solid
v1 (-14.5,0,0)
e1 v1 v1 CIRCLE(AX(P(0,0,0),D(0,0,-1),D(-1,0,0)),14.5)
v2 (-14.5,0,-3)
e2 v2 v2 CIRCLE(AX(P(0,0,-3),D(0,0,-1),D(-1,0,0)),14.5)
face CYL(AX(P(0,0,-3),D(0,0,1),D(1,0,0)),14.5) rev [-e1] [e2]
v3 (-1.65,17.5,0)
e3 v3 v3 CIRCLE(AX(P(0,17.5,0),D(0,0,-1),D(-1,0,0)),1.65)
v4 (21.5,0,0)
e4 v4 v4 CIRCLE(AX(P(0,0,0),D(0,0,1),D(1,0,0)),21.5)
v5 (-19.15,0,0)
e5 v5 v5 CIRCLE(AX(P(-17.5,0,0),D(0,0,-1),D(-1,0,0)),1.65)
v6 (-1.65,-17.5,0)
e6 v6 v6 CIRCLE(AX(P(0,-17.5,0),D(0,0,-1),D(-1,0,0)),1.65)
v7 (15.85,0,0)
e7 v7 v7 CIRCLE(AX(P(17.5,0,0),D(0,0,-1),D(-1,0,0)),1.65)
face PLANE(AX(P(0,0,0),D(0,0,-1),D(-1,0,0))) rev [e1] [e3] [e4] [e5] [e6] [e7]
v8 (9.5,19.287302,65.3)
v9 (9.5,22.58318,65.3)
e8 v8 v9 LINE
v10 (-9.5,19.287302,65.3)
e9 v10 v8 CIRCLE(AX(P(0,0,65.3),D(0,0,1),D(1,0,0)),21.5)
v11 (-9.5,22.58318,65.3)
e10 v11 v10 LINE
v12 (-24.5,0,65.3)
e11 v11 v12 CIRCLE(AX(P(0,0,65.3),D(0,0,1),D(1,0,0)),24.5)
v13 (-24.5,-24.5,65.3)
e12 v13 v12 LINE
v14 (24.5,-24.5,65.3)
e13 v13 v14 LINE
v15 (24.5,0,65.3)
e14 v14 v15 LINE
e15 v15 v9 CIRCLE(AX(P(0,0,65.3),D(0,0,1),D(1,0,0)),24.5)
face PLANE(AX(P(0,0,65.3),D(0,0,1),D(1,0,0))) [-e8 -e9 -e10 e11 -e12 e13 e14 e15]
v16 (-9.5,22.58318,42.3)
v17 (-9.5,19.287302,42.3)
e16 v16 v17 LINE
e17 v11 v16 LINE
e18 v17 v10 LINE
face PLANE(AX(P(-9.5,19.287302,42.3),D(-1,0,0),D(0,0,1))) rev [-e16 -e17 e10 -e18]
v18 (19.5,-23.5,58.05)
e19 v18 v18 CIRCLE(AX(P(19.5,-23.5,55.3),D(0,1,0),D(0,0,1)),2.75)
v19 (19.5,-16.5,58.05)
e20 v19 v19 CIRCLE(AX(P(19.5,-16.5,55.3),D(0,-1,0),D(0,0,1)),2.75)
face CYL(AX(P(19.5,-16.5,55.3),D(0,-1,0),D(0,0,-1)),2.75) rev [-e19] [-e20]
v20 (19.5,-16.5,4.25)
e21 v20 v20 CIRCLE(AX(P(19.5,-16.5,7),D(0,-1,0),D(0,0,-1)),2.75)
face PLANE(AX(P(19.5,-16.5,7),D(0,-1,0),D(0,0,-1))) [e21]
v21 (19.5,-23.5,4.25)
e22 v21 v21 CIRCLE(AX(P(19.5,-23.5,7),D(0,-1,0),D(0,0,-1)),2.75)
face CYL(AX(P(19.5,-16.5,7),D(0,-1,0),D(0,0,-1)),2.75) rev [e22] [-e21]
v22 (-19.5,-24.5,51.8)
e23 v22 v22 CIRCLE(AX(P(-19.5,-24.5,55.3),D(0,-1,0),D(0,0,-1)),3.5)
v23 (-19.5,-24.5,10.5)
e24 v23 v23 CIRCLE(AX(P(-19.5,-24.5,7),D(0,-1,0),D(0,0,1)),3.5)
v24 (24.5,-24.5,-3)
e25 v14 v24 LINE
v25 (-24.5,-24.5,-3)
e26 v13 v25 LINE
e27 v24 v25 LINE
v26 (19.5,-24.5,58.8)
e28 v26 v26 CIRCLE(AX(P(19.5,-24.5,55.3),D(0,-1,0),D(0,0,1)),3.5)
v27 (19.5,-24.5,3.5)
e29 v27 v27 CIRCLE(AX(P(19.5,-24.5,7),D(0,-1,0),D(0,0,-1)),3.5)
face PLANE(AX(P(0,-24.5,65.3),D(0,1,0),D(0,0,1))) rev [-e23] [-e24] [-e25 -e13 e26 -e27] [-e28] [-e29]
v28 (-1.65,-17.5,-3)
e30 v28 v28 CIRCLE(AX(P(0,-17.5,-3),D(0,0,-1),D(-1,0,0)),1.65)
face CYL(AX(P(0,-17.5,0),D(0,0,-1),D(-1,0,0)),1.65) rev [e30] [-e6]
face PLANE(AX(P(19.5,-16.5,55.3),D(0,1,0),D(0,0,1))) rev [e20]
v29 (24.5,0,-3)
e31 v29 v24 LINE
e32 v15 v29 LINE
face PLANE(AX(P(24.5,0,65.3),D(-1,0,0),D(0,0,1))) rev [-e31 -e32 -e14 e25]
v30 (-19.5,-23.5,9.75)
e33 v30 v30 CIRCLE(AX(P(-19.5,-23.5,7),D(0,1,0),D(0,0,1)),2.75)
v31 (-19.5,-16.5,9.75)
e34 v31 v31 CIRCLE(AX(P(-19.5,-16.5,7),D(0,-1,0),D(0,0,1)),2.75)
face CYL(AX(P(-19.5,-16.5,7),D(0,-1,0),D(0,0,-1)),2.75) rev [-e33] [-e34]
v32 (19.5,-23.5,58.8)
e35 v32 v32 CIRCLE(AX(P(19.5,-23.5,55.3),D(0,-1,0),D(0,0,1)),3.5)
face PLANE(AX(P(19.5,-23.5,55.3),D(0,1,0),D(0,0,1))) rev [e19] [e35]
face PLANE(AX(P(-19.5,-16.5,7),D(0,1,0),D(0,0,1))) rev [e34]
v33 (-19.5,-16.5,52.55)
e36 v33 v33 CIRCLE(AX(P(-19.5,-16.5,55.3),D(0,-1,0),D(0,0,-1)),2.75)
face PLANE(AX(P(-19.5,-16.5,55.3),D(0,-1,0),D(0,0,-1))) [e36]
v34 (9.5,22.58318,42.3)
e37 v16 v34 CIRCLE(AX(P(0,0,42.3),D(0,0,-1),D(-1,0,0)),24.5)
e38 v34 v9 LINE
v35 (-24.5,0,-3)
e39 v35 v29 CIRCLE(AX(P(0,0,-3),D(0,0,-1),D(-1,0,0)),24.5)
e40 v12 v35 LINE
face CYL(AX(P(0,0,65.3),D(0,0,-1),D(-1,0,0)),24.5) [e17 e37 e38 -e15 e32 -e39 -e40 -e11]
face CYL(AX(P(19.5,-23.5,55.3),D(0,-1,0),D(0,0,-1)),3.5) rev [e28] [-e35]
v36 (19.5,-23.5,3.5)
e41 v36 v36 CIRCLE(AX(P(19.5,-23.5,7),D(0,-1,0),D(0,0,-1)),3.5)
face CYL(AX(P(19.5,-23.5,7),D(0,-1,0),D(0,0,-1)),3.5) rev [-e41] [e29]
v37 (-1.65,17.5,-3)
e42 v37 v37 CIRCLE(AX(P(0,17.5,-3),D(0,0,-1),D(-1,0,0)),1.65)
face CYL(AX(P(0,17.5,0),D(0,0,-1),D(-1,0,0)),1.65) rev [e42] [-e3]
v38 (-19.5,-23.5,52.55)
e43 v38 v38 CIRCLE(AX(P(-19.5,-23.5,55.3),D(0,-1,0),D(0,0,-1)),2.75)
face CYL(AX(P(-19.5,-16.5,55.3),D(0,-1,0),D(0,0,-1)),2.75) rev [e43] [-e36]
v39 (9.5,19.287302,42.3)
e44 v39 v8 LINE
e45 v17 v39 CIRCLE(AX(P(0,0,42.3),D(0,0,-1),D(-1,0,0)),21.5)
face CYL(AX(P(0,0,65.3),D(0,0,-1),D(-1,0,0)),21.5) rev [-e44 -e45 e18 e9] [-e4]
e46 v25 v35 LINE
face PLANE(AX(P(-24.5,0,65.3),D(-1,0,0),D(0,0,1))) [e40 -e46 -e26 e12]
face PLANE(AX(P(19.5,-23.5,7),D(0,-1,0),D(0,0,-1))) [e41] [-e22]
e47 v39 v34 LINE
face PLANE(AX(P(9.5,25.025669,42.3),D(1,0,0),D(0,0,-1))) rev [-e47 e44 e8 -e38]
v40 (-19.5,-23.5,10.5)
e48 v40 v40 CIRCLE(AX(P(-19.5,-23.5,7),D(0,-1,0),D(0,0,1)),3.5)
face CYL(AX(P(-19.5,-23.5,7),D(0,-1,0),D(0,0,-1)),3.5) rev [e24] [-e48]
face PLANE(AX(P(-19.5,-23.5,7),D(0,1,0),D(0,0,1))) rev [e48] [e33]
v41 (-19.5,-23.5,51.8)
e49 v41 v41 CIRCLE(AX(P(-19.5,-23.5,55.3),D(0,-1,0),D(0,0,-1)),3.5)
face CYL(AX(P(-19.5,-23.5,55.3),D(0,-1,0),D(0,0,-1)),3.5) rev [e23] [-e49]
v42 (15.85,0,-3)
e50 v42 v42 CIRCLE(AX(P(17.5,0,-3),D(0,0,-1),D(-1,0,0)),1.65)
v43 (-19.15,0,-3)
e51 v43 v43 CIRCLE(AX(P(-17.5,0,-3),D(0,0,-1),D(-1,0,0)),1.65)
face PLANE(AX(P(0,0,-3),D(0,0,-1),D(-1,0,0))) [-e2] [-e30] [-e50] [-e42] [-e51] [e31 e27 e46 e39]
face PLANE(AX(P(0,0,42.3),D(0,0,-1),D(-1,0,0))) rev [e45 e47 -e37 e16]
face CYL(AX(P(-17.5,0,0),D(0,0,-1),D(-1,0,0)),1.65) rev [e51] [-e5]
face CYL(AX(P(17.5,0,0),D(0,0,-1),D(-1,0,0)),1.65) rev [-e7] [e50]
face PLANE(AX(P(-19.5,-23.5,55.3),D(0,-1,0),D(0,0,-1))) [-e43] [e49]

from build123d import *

# Parameters (mm, degrees)
ESQUISSE1_R             = 24.5
ESQUISSE1_R_2           = 21.5
BOSS_EXTRU_1_DEPTH      = 65.3
ESQUISSE2_R             = 21.5
ESQUISSE2_R_2           = 14.5
BOSS_EXTRU_2_DEPTH      = 3
ESQUISSE3_R             = 1.65
ENL_V_MAT_EXTRU_1_DEPTH = 3
ESQUISSE4_W             = 19
ESQUISSE4_H             = 5.738367338
ENL_V_MAT_EXTRU_2_DEPTH = 23
ESQUISSE5_W             = 68.3
ESQUISSE5_H             = 3
BOSS_EXTRU_3_DEPTH      = 17
ESQUISSE6_W             = 68.3
ESQUISSE6_H             = 3
BOSS_EXTRU_4_DEPTH      = 17
ESQUISSE7_R             = 2
ENL_V_MAT_EXTRU_3_DEPTH = 10
ESQUISSE9_R             = 2
ENL_V_MAT_EXTRU_4_DEPTH = 10
ESQUISSE10_R            = 3.5
ENL_V_MAT_EXTRU_5_DEPTH = 1
ESQUISSE11_R            = 2.75
ENL_V_MAT_EXTRU_6_DEPTH = 8
ESQUISSE12_W            = 17
ESQUISSE12_H            = 3
ENL_V_MAT_EXTRU_7_DEPTH = 74


with BuildPart() as part:
    # Esquisse1 → Boss.-Extru.1 (new body)
    with BuildSketch(Plane.XY):
        Circle(ESQUISSE1_R)
        Circle(ESQUISSE1_R_2, mode=Mode.SUBTRACT)
        with BuildLine():
            Line((-24.5, 0), (-24.5, -24.5))
            Line((-24.5, -24.5), (-6e-09, -24.5))
            ThreePointArc((-6e-09, -24.5), (-17.324116141, -17.324116137), (-24.5, 0))
        make_face()
        with BuildLine():
            ThreePointArc((24.5, 0), (17.324116137, -17.324116141), (-6e-09, -24.5))
            Line((-6e-09, -24.5), (24.5, -24.5))
            Line((24.5, -24.5), (24.5, 0))
        make_face()
    extrude(amount=BOSS_EXTRU_1_DEPTH)

    # Esquisse2 → Boss.-Extru.2 (add)
    with BuildSketch(Plane(origin=(0, 0, 0), x_dir=(-1, 0, 0), z_dir=(0, 0, -1))):
        with BuildLine():
            ThreePointArc((24.5, 0), (0, 24.5), (-24.5, 0))
            ThreePointArc((-24.5, 0), (-17.324116141, -17.324116137), (-6e-09, -24.5))
            ThreePointArc((-6e-09, -24.5), (17.324116137, -17.324116141), (24.5, 0))
        make_face()
        with Locations(Location((0, 0, 0), (0, 0, 180))):
            Circle(ESQUISSE2_R, mode=Mode.SUBTRACT)
        with Locations(Location((0, 0, 0), (0, 0, 180))):
            Circle(ESQUISSE2_R)
        Circle(ESQUISSE2_R_2, mode=Mode.SUBTRACT)
        with BuildLine():
            ThreePointArc((-6e-09, -24.5), (-17.324116141, -17.324116137), (-24.5, 0))
            Line((-24.5, 0), (-24.5, -24.5))
            Line((-24.5, -24.5), (-6e-09, -24.5))
        make_face()
        with BuildLine():
            Line((24.5, -24.5), (24.5, 0))
            ThreePointArc((24.5, 0), (17.324116137, -17.324116141), (-6e-09, -24.5))
            Line((-6e-09, -24.5), (24.5, -24.5))
        make_face()
    extrude(amount=BOSS_EXTRU_2_DEPTH)

    # Esquisse3 → Enlèv. mat.-Extru.1 (cut)
    with BuildSketch(Plane(origin=(0, 0, -3), x_dir=(-1, 0, 0), z_dir=(0, 0, -1))):
        with Locations((-17.5, 0)):
            Circle(ESQUISSE3_R)
        with Locations((17.5, 0)):
            Circle(ESQUISSE3_R)
        with Locations((0, 17.5)):
            Circle(ESQUISSE3_R)
        with Locations((0, -17.5)):
            Circle(ESQUISSE3_R)
    extrude(amount=-ENL_V_MAT_EXTRU_1_DEPTH, mode=Mode.SUBTRACT)

    # Esquisse4 → Enlèv. mat.-Extru.2 (cut)
    with BuildSketch(Plane.XY.offset(65.3)):
        with Locations((0, 22.156485191)):
            Rectangle(ESQUISSE4_W, ESQUISSE4_H)
    extrude(amount=-ENL_V_MAT_EXTRU_2_DEPTH, mode=Mode.SUBTRACT)

    # Esquisse5 → Boss.-Extru.3 (add)
    with BuildSketch(Plane.ZY.offset(24.5)):
        with Locations((31.15, -23)):
            Rectangle(ESQUISSE5_W, ESQUISSE5_H)
    extrude(amount=BOSS_EXTRU_3_DEPTH)

    # Esquisse6 → Boss.-Extru.4 (add)
    with BuildSketch(Plane(origin=(24.5, 0, 0), x_dir=(0, 0, -1), z_dir=(1, 0, 0))):
        with Locations((-31.15, -23)):
            Rectangle(ESQUISSE6_W, ESQUISSE6_H)
    extrude(amount=BOSS_EXTRU_4_DEPTH)

    # Esquisse7 → Enlèv. mat.-Extru.3 (cut)
    with BuildSketch(Plane(origin=(0, -21.5, 0), x_dir=(1, 0, 0), z_dir=(0, 1, 0))):
        with Locations(Location((-33, -7, 0), (0, 0, 270))):
            Circle(ESQUISSE7_R)
        with Locations(Location((-33, -55.3, 0), (0, 0, 270))):
            Circle(ESQUISSE7_R)
    extrude(amount=-ENL_V_MAT_EXTRU_3_DEPTH, mode=Mode.SUBTRACT)

    # Esquisse9 → Enlèv. mat.-Extru.4 (cut)
    with BuildSketch(Plane(origin=(0, -21.5, 0), x_dir=(1, 0, 0), z_dir=(0, 1, 0))):
        with Locations(Location((33, -7, 0), (0, 0, 270))):
            Circle(ESQUISSE9_R)
        with Locations(Location((33, -55.3, 0), (0, 0, 270))):
            Circle(ESQUISSE9_R)
    extrude(amount=-ENL_V_MAT_EXTRU_4_DEPTH, mode=Mode.SUBTRACT)

    # Esquisse10 → Enlèv. mat.-Extru.5 (cut)
    with BuildSketch(Plane.XZ.offset(24.5)):
        with Locations(Location((-19.5, 55.3, 0), (0, 0, 270))):
            Circle(ESQUISSE10_R)
        with Locations(Location((19.5, 55.3, 0), (0, 0, 90))):
            Circle(ESQUISSE10_R)
        with Locations(Location((19.5, 7, 0), (0, 0, 270))):
            Circle(ESQUISSE10_R)
        with Locations(Location((-19.5, 7, 0), (0, 0, 90))):
            Circle(ESQUISSE10_R)
    extrude(amount=-ENL_V_MAT_EXTRU_5_DEPTH, mode=Mode.SUBTRACT)

    # Esquisse11 → Enlèv. mat.-Extru.6 (cut)
    with BuildSketch(Plane.XZ.offset(24.5)):
        with Locations(Location((-19.5, 55.3, 0), (0, 0, 270))):
            Circle(ESQUISSE11_R)
        with Locations(Location((19.5, 55.3, 0), (0, 0, 90))):
            Circle(ESQUISSE11_R)
        with Locations(Location((19.5, 7, 0), (0, 0, 270))):
            Circle(ESQUISSE11_R)
        with Locations(Location((-19.5, 7, 0), (0, 0, 90))):
            Circle(ESQUISSE11_R)
    extrude(amount=-ENL_V_MAT_EXTRU_6_DEPTH, mode=Mode.SUBTRACT)

    # Esquisse12 → Enlèv. mat.-Extru.7 (cut)
    with BuildSketch(Plane(origin=(0, 0, -3), x_dir=(-1, 0, 0), z_dir=(0, 0, -1))):
        with Locations((-33, -23)):
            Rectangle(ESQUISSE12_W, ESQUISSE12_H)
        with Locations((33, -23)):
            Rectangle(ESQUISSE12_W, ESQUISSE12_H)
    extrude(amount=-ENL_V_MAT_EXTRU_7_DEPTH, mode=Mode.SUBTRACT)


solid = part.part
